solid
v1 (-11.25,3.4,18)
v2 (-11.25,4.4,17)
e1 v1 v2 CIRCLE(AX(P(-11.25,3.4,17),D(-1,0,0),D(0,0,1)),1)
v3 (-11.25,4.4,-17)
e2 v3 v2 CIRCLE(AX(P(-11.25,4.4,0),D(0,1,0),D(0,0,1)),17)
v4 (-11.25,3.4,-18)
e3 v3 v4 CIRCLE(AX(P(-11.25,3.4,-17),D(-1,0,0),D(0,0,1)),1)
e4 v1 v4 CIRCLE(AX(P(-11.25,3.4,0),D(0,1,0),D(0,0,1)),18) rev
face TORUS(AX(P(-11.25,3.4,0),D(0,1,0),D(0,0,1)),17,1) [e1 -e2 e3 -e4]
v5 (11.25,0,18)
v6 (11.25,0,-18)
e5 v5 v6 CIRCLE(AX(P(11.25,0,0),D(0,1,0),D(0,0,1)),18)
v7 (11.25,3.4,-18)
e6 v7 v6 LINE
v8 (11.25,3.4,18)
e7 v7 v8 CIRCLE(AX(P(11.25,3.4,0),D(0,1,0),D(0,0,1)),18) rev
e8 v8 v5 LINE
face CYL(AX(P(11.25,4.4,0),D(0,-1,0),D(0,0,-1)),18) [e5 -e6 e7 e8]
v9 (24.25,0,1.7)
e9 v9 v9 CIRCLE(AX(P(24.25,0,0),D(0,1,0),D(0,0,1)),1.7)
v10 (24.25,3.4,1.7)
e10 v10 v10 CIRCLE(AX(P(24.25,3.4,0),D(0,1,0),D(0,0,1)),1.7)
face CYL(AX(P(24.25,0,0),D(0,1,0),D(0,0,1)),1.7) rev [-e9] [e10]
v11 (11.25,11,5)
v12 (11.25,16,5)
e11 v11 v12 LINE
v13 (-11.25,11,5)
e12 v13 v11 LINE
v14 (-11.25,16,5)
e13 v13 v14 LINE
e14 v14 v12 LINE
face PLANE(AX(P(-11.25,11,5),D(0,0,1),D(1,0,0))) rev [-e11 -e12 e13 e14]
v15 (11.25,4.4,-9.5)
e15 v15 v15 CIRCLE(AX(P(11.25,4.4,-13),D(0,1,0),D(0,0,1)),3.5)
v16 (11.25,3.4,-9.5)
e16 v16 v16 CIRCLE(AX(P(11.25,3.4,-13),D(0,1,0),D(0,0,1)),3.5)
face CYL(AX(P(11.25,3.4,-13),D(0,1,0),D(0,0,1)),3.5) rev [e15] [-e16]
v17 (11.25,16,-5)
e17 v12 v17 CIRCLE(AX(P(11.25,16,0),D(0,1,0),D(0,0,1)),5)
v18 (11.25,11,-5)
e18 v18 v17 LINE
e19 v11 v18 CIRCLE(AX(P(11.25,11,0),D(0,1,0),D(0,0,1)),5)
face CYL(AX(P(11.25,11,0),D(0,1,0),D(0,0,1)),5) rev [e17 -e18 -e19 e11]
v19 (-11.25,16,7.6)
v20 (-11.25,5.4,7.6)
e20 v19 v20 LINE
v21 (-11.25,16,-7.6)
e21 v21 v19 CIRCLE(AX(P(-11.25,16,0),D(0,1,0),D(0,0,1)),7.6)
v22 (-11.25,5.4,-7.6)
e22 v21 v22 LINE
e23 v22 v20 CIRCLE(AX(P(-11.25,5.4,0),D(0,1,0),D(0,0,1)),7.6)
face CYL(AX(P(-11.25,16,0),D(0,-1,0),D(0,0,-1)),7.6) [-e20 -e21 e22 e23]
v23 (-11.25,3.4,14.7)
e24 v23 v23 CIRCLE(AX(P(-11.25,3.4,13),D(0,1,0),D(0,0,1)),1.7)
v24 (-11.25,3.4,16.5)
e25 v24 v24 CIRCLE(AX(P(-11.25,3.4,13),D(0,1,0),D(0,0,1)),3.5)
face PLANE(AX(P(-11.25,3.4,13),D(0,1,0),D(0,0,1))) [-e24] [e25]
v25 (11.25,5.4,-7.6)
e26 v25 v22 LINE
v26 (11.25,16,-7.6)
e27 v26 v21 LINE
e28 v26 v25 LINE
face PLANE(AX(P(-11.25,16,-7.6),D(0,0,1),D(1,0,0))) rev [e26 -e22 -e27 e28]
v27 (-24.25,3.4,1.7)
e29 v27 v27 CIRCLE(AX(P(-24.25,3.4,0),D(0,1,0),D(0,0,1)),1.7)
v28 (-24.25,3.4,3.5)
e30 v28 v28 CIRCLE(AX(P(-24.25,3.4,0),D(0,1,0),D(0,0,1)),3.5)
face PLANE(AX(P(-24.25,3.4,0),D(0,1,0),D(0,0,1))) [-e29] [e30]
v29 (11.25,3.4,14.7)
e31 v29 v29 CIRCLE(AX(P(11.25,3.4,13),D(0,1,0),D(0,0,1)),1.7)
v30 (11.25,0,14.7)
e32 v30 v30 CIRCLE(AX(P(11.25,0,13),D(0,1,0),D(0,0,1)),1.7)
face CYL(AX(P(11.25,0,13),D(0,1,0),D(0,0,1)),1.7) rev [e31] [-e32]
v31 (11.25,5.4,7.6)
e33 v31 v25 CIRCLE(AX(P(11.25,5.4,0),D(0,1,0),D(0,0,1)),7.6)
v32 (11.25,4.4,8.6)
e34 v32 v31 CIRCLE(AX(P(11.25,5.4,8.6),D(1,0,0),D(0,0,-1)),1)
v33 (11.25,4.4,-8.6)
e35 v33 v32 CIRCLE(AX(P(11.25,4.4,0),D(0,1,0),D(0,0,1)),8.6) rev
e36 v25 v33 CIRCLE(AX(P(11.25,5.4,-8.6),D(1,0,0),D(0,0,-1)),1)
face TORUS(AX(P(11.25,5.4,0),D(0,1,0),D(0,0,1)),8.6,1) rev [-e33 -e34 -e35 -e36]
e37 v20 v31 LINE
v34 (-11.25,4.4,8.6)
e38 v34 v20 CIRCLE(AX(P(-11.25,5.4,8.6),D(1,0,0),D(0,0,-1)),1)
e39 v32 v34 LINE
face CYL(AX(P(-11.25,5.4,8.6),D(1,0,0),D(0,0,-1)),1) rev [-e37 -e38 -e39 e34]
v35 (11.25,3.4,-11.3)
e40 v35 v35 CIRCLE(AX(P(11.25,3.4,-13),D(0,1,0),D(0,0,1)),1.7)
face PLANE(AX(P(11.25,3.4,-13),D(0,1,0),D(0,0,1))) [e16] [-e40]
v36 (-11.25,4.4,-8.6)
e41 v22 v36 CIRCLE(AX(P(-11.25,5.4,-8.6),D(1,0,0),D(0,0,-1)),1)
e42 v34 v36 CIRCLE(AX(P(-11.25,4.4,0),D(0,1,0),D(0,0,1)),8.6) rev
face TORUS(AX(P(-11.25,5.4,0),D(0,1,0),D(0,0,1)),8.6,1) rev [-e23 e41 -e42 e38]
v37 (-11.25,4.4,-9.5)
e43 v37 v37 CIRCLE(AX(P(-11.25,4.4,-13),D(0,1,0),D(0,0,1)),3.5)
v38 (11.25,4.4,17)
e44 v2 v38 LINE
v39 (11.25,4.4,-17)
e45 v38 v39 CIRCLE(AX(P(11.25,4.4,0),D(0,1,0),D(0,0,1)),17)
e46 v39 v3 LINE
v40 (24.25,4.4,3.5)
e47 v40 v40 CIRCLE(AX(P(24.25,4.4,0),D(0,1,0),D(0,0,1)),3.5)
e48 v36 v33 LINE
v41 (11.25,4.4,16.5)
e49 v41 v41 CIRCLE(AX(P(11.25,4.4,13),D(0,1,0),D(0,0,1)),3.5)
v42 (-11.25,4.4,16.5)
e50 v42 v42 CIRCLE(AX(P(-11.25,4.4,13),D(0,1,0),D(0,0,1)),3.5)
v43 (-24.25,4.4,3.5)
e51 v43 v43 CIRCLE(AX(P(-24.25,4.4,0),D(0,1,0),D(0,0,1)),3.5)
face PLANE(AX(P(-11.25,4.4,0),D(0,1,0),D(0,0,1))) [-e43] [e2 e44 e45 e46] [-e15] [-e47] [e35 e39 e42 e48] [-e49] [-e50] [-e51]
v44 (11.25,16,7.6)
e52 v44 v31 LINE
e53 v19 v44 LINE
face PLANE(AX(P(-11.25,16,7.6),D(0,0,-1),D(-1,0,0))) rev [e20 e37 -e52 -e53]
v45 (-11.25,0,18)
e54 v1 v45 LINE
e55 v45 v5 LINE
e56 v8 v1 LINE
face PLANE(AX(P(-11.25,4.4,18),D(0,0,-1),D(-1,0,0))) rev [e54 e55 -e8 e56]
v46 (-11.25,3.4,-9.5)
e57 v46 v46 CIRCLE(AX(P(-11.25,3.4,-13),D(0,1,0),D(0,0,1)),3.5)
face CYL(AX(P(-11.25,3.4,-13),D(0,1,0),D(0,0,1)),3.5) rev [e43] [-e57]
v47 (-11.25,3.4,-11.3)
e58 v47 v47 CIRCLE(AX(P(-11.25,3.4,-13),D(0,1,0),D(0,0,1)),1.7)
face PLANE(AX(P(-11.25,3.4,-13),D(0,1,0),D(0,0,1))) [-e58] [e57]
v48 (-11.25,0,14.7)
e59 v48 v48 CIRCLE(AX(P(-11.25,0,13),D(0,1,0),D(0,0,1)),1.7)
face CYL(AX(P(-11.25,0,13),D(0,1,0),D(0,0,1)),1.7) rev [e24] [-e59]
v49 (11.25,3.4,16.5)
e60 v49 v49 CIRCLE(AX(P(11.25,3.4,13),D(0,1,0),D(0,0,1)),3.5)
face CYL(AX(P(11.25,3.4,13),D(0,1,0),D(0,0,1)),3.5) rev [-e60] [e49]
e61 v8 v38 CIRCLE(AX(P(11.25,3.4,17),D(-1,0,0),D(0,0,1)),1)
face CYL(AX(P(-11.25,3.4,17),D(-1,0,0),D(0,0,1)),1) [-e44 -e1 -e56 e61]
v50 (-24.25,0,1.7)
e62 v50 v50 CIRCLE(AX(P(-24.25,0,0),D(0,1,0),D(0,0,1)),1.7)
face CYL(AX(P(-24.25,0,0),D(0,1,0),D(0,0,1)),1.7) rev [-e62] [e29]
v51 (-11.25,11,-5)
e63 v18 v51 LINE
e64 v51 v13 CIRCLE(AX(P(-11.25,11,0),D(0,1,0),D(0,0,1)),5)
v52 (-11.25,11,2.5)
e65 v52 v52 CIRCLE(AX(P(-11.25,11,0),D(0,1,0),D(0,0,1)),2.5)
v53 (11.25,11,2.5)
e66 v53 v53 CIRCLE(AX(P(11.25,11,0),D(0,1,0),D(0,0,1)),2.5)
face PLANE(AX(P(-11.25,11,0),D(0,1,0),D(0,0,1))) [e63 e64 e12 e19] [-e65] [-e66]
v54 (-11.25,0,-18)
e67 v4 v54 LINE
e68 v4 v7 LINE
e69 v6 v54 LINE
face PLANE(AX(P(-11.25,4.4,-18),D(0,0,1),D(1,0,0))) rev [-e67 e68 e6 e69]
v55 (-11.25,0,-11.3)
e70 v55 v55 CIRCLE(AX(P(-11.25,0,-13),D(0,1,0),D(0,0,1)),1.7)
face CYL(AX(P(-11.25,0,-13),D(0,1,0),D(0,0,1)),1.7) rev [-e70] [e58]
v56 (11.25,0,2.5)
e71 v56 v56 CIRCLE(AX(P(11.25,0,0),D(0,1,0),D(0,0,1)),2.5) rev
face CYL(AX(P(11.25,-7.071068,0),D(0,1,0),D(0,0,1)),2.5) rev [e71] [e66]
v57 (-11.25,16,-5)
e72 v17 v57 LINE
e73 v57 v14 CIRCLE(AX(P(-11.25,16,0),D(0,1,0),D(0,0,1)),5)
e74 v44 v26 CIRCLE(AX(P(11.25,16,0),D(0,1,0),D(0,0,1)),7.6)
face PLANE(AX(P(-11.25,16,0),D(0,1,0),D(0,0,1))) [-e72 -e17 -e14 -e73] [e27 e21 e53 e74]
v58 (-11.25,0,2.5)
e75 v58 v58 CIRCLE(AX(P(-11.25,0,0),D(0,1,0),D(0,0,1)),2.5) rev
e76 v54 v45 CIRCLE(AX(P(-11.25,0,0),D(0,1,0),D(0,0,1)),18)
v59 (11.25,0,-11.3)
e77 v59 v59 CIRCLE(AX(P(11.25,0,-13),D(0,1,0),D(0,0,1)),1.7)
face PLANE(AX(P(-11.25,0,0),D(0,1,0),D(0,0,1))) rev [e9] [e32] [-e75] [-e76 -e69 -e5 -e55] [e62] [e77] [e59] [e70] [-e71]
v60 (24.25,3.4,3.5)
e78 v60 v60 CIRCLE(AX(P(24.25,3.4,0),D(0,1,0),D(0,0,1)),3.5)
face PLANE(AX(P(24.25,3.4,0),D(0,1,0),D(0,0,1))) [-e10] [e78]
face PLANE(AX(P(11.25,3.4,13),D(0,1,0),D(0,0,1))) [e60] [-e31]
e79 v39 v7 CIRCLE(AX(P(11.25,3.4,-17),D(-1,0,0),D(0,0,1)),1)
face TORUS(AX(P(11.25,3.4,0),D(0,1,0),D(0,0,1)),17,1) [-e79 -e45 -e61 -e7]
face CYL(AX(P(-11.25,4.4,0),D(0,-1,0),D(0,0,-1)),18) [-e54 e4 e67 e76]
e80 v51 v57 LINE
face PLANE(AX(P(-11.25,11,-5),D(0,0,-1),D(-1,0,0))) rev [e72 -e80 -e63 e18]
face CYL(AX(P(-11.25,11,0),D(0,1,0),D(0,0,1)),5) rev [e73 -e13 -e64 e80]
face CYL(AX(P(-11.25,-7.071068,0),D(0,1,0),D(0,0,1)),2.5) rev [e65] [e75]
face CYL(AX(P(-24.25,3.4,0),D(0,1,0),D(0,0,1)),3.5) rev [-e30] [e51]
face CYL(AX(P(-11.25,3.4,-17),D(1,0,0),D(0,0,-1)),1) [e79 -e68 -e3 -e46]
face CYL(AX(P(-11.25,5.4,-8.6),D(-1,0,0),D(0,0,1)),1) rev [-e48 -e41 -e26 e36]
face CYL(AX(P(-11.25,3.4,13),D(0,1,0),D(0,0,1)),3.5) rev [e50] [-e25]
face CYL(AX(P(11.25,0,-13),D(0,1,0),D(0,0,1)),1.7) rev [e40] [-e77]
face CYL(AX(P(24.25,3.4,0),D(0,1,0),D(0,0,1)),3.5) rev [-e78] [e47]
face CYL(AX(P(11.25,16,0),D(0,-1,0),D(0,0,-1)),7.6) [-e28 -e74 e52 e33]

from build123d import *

# Parameters (mm, degrees)
BOSS_EXTRUDE1_DEPTH = 4.4
SKETCH2_R           = 3.5
CUT_EXTRUDE1_DEPTH  = 1
SKETCH2_3_R         = 1.7
CUT_EXTRUDE2_DEPTH  = 35.625460286
BOSS_EXTRUDE2_DEPTH = 11.6
FILLET1_R           = 1
CUT_EXTRUDE3_DEPTH  = 5
SKETCH5_R           = 2.5
CUT_EXTRUDE4_DEPTH  = 11


with BuildPart() as part:
    # Sketch1 → Boss-Extrude1 (new body)
    with BuildSketch(Plane(origin=(0, 0, 0), x_dir=(1, 0, 0), z_dir=(0, 1, 0))):
        with BuildLine():
            Line((-11.25, 18), (11.25, 18))
            ThreePointArc((11.25, 18), (29.25, 0), (11.25, -18))
            Line((11.25, -18), (-11.25, -18))
            ThreePointArc((-11.25, -18), (-29.25, 0), (-11.25, 18))
        make_face()
    extrude(amount=BOSS_EXTRUDE1_DEPTH)

    # Sketch2 → Cut-Extrude1 (cut)
    with BuildSketch(Plane(origin=(0, 4.4, 0), x_dir=(1, 0, 0), z_dir=(0, 1, 0))):
        with Locations(Location((-24.25, 0, 0), (0, 0, 270))):
            Circle(SKETCH2_R)
        with Locations(Location((-11.25, 13, 0), (0, 0, 270))):
            Circle(SKETCH2_R)
        with Locations(Location((11.25, 13, 0), (0, 0, 270))):
            Circle(SKETCH2_R)
        with Locations(Location((24.25, 0, 0), (0, 0, 270))):
            Circle(SKETCH2_R)
        with Locations(Location((11.25, -13, 0), (0, 0, 270))):
            Circle(SKETCH2_R)
        with Locations(Location((-11.25, -13, 0), (0, 0, 270))):
            Circle(SKETCH2_R)
    extrude(amount=-CUT_EXTRUDE1_DEPTH, mode=Mode.SUBTRACT)

    # Sketch2<3> → Cut-Extrude2 (cut, through all)
    with BuildSketch(Plane(origin=(0, 4.4, 0), x_dir=(1, 0, 0), z_dir=(0, 1, 0))):
        with Locations(Location((-11.25, 13, 0), (0, 0, 270))):
            Circle(SKETCH2_3_R)
        with Locations(Location((-24.25, 0, 0), (0, 0, 270))):
            Circle(SKETCH2_3_R)
        with Locations(Location((-11.25, -13, 0), (0, 0, 270))):
            Circle(SKETCH2_3_R)
        with Locations(Location((11.25, -13, 0), (0, 0, 270))):
            Circle(SKETCH2_3_R)
        with Locations(Location((24.25, 0, 0), (0, 0, 270))):
            Circle(SKETCH2_3_R)
        with Locations(Location((11.25, 13, 0), (0, 0, 270))):
            Circle(SKETCH2_3_R)
    extrude(amount=-CUT_EXTRUDE2_DEPTH, mode=Mode.SUBTRACT)

    # Sketch3 → Boss-Extrude2 (add)
    with BuildSketch(Plane(origin=(0, 4.4, 0), x_dir=(1, 0, 0), z_dir=(0, 1, 0))):
        with BuildLine():
            Line((-11.25, 7.6), (11.25, 7.6))
            ThreePointArc((11.25, 7.6), (18.85, 0), (11.25, -7.6))
            Line((11.25, -7.6), (-11.25, -7.6))
            ThreePointArc((-11.25, -7.6), (-18.85, 0), (-11.25, 7.6))
        make_face()
    extrude(amount=BOSS_EXTRUDE2_DEPTH)

    # Fillet1
    fillet1_edges = [part.edges().sort_by_distance(p)[0] for p in [
        (29.25, 4.4, 0),
        (0, 4.4, -18),
        (-29.25, 4.4, 0),
        (-18.85, 4.4, 0),
        (0, 4.4, 7.6),
        (18.85, 4.4, 0),
        (0, 4.4, -7.6),
        (0, 4.4, 18),
    ]]
    fillet(fillet1_edges, radius=FILLET1_R)

    # Sketch4 → Cut-Extrude3 (cut)
    with BuildSketch(Plane(origin=(0, 16, 0), x_dir=(1, 0, 0), z_dir=(0, 1, 0))):
        with BuildLine():
            Line((-11.25, 5), (11.25, 5))
            ThreePointArc((11.25, 5), (16.25, 0), (11.25, -5))
            Line((11.25, -5), (-11.25, -5))
            ThreePointArc((-11.25, -5), (-16.25, 0), (-11.25, 5))
        make_face()
    extrude(amount=-CUT_EXTRUDE3_DEPTH, mode=Mode.SUBTRACT)

    # Sketch5 → Cut-Extrude4 (cut)
    with BuildSketch(Plane(origin=(0, 11, 0), x_dir=(1, 0, 0), z_dir=(0, 1, 0))):
        with Locations(Location((-11.25, 0, 0), (0, 0, 270))):
            Circle(SKETCH5_R)
        with Locations(Location((11.25, 0, 0), (0, 0, 270))):
            Circle(SKETCH5_R)
    extrude(amount=-CUT_EXTRUDE4_DEPTH, mode=Mode.SUBTRACT)


solid = part.part
